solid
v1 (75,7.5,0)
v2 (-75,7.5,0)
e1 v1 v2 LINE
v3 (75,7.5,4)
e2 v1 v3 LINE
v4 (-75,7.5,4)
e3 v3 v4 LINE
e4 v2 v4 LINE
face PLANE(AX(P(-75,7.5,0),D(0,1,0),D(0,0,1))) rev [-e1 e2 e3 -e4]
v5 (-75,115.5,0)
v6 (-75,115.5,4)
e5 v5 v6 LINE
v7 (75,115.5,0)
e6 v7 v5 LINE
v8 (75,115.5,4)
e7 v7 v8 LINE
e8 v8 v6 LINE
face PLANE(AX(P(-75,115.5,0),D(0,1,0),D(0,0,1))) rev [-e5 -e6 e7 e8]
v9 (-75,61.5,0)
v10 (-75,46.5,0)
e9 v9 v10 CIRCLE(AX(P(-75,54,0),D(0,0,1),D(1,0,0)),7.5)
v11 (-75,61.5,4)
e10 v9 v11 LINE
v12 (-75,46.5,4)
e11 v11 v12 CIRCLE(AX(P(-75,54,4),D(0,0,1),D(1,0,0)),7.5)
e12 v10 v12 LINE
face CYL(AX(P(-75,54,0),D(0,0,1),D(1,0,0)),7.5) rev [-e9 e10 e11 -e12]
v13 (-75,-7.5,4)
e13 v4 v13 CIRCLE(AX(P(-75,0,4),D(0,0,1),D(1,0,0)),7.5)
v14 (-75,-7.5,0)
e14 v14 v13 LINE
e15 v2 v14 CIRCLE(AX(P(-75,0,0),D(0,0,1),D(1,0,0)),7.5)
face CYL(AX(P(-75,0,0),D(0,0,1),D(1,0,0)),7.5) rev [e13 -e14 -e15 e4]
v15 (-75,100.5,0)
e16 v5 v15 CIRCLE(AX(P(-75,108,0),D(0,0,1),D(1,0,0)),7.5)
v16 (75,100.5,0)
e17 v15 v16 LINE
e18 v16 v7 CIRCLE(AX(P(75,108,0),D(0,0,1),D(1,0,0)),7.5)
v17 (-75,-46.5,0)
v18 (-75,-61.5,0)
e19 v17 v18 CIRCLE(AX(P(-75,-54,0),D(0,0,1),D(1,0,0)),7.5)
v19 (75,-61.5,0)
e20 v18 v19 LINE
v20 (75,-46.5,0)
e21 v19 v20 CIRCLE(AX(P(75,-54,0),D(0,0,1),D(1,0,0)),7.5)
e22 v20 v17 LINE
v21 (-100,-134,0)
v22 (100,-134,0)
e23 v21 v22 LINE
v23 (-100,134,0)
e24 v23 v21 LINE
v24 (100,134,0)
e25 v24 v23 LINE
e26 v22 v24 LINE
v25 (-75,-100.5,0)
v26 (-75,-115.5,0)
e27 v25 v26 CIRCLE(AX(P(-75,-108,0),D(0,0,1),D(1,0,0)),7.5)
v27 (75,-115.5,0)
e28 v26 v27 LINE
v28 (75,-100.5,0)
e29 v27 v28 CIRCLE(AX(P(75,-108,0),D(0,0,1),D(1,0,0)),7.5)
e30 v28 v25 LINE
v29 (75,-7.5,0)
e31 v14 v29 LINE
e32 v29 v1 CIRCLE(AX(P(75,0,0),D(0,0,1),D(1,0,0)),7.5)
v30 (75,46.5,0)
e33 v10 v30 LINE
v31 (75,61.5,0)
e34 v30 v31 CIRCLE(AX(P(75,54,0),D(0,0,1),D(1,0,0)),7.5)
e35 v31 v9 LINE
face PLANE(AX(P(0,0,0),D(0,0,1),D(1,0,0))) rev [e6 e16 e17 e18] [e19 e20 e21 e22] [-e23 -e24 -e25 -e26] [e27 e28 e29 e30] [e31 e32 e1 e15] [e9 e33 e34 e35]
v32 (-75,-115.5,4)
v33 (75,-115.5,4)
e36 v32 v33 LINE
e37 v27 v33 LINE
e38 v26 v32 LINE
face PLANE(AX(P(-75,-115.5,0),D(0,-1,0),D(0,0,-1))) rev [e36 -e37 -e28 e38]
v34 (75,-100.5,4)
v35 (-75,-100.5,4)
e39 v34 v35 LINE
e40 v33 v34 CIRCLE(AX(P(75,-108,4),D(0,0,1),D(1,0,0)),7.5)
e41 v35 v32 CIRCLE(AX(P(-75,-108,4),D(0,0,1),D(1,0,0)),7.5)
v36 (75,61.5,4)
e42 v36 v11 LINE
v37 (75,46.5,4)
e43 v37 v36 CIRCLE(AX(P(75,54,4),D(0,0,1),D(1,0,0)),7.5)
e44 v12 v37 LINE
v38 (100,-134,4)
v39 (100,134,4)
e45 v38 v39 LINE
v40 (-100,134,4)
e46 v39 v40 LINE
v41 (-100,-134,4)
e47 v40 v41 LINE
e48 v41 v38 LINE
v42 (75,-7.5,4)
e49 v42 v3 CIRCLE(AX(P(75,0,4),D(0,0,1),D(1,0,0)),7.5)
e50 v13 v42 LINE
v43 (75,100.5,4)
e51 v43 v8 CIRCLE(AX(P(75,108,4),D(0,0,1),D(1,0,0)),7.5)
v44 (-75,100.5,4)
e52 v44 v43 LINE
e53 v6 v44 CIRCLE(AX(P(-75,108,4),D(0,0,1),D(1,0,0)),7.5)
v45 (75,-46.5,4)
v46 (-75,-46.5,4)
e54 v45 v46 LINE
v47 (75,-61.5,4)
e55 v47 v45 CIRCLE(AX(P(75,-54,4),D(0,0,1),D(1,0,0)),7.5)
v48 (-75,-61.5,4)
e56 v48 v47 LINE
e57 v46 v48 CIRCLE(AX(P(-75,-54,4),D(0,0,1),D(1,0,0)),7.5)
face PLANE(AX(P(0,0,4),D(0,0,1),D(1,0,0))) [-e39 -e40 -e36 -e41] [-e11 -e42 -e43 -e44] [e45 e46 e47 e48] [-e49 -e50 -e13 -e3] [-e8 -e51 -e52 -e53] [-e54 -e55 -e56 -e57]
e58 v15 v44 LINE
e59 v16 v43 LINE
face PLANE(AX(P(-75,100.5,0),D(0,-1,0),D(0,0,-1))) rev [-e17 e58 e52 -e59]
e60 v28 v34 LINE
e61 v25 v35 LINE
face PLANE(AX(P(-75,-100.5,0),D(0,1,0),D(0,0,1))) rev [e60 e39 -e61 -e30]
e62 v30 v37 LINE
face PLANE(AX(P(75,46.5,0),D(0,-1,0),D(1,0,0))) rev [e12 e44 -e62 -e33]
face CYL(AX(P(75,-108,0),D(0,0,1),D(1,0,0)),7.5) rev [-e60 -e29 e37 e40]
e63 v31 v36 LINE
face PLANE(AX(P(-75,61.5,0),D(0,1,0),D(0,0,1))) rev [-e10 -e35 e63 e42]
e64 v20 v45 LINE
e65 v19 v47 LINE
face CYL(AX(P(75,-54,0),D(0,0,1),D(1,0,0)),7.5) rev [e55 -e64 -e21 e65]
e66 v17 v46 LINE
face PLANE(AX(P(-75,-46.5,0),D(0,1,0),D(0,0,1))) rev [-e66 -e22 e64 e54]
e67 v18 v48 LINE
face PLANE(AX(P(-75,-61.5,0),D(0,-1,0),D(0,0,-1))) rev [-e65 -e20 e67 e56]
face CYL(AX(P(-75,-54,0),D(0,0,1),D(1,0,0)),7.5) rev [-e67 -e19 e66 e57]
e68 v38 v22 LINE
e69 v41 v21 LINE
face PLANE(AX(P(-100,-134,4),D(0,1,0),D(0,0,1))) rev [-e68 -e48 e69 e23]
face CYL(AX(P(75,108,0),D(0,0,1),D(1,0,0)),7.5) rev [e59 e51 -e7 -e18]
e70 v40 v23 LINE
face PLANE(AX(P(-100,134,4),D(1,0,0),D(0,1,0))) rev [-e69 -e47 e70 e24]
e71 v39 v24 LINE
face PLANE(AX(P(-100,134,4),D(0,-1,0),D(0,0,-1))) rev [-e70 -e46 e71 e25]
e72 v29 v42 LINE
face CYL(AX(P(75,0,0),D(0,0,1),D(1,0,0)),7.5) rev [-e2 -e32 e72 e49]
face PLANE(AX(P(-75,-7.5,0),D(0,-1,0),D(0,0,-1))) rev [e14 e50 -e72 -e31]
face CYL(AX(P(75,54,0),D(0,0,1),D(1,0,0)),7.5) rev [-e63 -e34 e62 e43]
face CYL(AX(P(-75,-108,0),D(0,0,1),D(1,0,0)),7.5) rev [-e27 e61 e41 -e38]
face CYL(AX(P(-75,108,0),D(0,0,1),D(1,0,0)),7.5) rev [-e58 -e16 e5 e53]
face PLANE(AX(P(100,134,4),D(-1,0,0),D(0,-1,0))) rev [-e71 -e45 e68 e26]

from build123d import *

# Parameters (mm, degrees)
SKETCH_1_W          = 200
SKETCH_1_H          = 268
EXTRUDE_1_DEPTH     = 4
CUT_EXTRUDE_1_DEPTH = 5


with BuildPart() as part:
    # 草图1 → 凸台-拉伸1 (new body)
    with BuildSketch(Plane.XY):
        Rectangle(SKETCH_1_W, SKETCH_1_H)
    extrude(amount=EXTRUDE_1_DEPTH)

    # 草图2 → 切除-拉伸1 (cut, through all)
    with BuildSketch(Plane.XY.offset(4)):
        with BuildLine():
            Line((-75, 115.5), (75, 115.5))
            ThreePointArc((75, 115.5), (82.5, 108), (75, 100.5))
            Line((75, 100.5), (-75, 100.5))
            ThreePointArc((-75, 100.5), (-82.5, 108), (-75, 115.5))
        make_face()
        with BuildLine():
            Line((-75, 61.5), (75, 61.5))
            ThreePointArc((75, 61.5), (82.5, 54), (75, 46.5))
            Line((75, 46.5), (-75, 46.5))
            ThreePointArc((-75, 46.5), (-82.5, 54), (-75, 61.5))
        make_face()
        with BuildLine():
            Line((-75, 7.5), (75, 7.5))
            ThreePointArc((75, 7.5), (82.5, 0), (75, -7.5))
            Line((75, -7.5), (-75, -7.5))
            ThreePointArc((-75, -7.5), (-82.5, 0), (-75, 7.5))
        make_face()
        with BuildLine():
            Line((-75, -46.5), (75, -46.5))
            ThreePointArc((75, -46.5), (82.5, -54), (75, -61.5))
            Line((75, -61.5), (-75, -61.5))
            ThreePointArc((-75, -61.5), (-82.5, -54), (-75, -46.5))
        make_face()
        with BuildLine():
            Line((-75, -100.5), (75, -100.5))
            ThreePointArc((75, -100.5), (82.5, -108), (75, -115.5))
            Line((75, -115.5), (-75, -115.5))
            ThreePointArc((-75, -115.5), (-82.5, -108), (-75, -100.5))
        make_face()
    extrude(amount=-CUT_EXTRUDE_1_DEPTH, mode=Mode.SUBTRACT)


solid = part.part
